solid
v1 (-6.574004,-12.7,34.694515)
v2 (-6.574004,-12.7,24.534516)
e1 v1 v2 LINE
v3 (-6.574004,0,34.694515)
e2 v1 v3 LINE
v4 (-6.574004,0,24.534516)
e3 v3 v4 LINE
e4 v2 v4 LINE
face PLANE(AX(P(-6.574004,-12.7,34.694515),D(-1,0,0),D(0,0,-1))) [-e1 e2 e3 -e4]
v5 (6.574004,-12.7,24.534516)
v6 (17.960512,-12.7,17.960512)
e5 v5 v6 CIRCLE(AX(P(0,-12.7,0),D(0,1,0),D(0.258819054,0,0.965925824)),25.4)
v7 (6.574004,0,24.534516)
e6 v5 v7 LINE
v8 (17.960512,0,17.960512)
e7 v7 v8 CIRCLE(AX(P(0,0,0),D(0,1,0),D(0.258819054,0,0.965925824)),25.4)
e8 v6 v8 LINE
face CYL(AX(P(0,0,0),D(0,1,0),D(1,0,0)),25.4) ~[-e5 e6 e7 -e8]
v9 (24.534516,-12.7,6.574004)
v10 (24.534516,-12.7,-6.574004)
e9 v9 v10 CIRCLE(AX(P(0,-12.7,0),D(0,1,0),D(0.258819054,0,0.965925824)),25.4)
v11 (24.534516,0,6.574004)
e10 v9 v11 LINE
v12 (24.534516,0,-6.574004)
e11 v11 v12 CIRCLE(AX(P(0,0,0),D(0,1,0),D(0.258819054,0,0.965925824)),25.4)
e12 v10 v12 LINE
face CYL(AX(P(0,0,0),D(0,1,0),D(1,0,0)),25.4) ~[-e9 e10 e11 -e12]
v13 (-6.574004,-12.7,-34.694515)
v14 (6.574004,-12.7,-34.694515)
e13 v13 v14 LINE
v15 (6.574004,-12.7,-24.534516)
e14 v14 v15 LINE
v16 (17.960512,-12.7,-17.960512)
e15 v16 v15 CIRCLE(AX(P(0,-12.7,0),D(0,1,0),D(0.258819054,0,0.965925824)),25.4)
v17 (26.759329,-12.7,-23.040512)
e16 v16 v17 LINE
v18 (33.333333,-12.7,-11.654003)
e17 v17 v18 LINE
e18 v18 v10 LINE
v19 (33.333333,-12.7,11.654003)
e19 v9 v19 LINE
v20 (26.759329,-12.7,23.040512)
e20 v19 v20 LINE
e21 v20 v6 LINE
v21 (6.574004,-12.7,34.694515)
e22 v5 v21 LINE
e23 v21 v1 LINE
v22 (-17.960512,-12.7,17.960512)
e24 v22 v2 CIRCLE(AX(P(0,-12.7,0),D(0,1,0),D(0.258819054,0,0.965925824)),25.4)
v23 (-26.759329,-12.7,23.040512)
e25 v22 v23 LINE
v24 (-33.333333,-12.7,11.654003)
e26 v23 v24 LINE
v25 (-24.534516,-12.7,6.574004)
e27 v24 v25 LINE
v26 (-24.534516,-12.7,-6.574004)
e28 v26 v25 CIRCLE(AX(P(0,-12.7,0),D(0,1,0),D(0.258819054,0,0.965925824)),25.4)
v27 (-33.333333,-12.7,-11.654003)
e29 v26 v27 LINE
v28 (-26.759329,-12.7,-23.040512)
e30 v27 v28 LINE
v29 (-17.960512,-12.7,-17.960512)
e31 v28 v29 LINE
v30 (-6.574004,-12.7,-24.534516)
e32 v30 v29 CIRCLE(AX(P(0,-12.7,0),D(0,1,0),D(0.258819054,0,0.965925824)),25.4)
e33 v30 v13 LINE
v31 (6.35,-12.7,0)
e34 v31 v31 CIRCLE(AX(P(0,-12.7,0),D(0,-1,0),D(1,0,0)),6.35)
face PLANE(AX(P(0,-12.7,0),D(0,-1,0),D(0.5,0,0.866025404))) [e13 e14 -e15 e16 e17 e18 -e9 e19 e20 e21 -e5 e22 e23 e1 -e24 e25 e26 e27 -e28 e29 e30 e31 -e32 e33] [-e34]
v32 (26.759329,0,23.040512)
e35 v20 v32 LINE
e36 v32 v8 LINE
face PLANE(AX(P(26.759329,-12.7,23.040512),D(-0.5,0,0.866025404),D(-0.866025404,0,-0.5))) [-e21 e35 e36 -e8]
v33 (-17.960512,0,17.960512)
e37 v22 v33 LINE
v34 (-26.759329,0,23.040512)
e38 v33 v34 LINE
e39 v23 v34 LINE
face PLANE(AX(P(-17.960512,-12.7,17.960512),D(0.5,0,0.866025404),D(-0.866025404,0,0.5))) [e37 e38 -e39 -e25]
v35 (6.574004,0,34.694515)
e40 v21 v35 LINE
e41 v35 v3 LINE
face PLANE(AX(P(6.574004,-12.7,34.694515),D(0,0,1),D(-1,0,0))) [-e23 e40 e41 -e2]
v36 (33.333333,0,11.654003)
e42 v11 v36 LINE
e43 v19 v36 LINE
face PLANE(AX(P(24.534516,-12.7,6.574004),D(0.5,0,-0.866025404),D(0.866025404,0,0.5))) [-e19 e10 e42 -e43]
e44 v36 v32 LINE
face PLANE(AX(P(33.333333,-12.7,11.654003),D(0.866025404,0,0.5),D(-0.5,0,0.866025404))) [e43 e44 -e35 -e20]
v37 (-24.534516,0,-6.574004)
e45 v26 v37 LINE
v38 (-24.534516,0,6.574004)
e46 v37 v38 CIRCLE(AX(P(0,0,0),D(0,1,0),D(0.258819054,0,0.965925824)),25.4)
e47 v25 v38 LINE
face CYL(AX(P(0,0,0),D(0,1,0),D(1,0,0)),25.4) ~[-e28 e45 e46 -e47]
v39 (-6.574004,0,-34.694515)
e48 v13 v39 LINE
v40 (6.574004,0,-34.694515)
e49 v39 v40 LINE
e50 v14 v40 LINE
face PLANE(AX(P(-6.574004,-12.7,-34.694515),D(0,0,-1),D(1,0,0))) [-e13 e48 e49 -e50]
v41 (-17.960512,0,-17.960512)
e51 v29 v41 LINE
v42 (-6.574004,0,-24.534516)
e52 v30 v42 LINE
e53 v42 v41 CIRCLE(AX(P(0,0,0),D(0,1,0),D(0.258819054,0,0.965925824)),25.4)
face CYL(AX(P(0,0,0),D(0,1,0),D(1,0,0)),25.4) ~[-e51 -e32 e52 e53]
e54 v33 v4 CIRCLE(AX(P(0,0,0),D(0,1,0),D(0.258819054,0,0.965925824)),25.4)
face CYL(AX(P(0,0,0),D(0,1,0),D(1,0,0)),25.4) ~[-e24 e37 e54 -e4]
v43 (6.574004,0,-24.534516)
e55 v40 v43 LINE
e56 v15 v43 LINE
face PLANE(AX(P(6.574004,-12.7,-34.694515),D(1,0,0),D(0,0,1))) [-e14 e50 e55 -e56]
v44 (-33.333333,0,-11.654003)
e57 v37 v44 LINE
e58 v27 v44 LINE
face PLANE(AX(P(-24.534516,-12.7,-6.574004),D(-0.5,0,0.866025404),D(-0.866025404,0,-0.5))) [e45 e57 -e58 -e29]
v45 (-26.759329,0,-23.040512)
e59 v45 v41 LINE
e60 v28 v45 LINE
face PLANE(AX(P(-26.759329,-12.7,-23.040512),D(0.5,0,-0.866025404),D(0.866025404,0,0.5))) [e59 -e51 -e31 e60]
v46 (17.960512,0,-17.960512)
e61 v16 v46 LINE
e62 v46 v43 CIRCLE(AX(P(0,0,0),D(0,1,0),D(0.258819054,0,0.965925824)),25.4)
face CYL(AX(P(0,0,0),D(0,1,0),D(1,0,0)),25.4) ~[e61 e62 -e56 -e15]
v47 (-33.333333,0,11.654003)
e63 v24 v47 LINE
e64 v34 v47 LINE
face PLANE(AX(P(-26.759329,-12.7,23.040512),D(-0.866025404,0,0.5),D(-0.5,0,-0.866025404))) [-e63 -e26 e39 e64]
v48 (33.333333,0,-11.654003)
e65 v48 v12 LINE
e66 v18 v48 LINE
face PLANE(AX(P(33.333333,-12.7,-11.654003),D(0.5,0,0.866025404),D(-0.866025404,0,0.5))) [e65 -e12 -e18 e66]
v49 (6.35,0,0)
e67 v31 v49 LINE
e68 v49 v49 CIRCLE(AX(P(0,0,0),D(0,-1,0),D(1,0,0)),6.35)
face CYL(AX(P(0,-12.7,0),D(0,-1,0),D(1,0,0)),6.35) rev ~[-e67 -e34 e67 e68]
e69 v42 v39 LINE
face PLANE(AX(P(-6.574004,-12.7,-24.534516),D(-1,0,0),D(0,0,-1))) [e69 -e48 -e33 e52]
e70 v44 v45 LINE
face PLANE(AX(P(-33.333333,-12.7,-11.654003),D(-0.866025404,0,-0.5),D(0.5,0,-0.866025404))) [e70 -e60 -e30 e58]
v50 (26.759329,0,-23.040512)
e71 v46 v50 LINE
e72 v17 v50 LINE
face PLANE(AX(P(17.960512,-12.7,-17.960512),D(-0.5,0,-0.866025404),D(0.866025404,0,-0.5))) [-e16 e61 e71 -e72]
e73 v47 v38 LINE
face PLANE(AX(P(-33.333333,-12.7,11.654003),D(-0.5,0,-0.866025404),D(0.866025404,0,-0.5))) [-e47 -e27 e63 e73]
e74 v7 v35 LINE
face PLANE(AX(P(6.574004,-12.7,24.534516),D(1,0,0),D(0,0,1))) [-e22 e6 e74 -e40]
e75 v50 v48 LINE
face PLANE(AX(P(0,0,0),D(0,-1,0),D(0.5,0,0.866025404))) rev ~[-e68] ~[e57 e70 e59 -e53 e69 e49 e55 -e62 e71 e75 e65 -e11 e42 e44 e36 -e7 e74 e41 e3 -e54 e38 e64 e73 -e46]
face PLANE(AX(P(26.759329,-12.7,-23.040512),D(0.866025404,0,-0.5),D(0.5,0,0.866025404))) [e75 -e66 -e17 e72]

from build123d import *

# Parameters (mm, degrees)
F0_R     = 25.4
F1_DEPTH = 12.7
F3_DEPTH = 12.7
F5_DEPTH = 12.7
F6_COUNT = 6
F7_R     = 6.35
F8_DEPTH = 25.4


with BuildPart() as f1:
    # F0 (on Front) → F1 (new body)
    with BuildSketch(Plane.XZ):
        Circle(F0_R)
    extrude(amount=F1_DEPTH)

    # F2 (on face) → F3 (join)
    with BuildSketch(Plane.XZ.offset(12.7)):
        Polygon((-6.574004, 24.534516), (0, 0), (0, 24.534516), align=None)
        Polygon((0, 24.534516), (0, 0), (6.574004, 24.534516), align=None)
        Polygon((-6.574004, 24.534516), (0, 24.534516), (6.574004, 24.534516), (6.574004, 34.694515), (-6.574004, 34.694515), align=None)
    extrude(amount=-F3_DEPTH)

    # F2 (on face) → F5 (join)
    with BuildSketch(Plane.XZ.offset(12.7)):
        Polygon((-6.574004, 24.534516), (0, 0), (0, 24.534516), align=None)
        Polygon((0, 24.534516), (0, 0), (6.574004, 24.534516), align=None)
        Polygon((-6.574004, 24.534516), (0, 24.534516), (6.574004, 24.534516), (6.574004, 34.694515), (-6.574004, 34.694515), align=None)
    extrude(amount=-F5_DEPTH)

    # F6: F1 ×6 about axis
    f6_axis = Axis((0, -33.893697, 0), (0, 1, 0))


with BuildPart() as f1_1:
    add(f1.part)
    for i in range(1, F6_COUNT):
        add(f1.part.rotate(f6_axis, i * 360 / F6_COUNT))

    # F7 (on face) → F8 (cut)
    with BuildSketch(Plane.XZ.offset(12.7)):
        Circle(F7_R)
    extrude(amount=-F8_DEPTH, mode=Mode.SUBTRACT)


solid = f1_1.part
